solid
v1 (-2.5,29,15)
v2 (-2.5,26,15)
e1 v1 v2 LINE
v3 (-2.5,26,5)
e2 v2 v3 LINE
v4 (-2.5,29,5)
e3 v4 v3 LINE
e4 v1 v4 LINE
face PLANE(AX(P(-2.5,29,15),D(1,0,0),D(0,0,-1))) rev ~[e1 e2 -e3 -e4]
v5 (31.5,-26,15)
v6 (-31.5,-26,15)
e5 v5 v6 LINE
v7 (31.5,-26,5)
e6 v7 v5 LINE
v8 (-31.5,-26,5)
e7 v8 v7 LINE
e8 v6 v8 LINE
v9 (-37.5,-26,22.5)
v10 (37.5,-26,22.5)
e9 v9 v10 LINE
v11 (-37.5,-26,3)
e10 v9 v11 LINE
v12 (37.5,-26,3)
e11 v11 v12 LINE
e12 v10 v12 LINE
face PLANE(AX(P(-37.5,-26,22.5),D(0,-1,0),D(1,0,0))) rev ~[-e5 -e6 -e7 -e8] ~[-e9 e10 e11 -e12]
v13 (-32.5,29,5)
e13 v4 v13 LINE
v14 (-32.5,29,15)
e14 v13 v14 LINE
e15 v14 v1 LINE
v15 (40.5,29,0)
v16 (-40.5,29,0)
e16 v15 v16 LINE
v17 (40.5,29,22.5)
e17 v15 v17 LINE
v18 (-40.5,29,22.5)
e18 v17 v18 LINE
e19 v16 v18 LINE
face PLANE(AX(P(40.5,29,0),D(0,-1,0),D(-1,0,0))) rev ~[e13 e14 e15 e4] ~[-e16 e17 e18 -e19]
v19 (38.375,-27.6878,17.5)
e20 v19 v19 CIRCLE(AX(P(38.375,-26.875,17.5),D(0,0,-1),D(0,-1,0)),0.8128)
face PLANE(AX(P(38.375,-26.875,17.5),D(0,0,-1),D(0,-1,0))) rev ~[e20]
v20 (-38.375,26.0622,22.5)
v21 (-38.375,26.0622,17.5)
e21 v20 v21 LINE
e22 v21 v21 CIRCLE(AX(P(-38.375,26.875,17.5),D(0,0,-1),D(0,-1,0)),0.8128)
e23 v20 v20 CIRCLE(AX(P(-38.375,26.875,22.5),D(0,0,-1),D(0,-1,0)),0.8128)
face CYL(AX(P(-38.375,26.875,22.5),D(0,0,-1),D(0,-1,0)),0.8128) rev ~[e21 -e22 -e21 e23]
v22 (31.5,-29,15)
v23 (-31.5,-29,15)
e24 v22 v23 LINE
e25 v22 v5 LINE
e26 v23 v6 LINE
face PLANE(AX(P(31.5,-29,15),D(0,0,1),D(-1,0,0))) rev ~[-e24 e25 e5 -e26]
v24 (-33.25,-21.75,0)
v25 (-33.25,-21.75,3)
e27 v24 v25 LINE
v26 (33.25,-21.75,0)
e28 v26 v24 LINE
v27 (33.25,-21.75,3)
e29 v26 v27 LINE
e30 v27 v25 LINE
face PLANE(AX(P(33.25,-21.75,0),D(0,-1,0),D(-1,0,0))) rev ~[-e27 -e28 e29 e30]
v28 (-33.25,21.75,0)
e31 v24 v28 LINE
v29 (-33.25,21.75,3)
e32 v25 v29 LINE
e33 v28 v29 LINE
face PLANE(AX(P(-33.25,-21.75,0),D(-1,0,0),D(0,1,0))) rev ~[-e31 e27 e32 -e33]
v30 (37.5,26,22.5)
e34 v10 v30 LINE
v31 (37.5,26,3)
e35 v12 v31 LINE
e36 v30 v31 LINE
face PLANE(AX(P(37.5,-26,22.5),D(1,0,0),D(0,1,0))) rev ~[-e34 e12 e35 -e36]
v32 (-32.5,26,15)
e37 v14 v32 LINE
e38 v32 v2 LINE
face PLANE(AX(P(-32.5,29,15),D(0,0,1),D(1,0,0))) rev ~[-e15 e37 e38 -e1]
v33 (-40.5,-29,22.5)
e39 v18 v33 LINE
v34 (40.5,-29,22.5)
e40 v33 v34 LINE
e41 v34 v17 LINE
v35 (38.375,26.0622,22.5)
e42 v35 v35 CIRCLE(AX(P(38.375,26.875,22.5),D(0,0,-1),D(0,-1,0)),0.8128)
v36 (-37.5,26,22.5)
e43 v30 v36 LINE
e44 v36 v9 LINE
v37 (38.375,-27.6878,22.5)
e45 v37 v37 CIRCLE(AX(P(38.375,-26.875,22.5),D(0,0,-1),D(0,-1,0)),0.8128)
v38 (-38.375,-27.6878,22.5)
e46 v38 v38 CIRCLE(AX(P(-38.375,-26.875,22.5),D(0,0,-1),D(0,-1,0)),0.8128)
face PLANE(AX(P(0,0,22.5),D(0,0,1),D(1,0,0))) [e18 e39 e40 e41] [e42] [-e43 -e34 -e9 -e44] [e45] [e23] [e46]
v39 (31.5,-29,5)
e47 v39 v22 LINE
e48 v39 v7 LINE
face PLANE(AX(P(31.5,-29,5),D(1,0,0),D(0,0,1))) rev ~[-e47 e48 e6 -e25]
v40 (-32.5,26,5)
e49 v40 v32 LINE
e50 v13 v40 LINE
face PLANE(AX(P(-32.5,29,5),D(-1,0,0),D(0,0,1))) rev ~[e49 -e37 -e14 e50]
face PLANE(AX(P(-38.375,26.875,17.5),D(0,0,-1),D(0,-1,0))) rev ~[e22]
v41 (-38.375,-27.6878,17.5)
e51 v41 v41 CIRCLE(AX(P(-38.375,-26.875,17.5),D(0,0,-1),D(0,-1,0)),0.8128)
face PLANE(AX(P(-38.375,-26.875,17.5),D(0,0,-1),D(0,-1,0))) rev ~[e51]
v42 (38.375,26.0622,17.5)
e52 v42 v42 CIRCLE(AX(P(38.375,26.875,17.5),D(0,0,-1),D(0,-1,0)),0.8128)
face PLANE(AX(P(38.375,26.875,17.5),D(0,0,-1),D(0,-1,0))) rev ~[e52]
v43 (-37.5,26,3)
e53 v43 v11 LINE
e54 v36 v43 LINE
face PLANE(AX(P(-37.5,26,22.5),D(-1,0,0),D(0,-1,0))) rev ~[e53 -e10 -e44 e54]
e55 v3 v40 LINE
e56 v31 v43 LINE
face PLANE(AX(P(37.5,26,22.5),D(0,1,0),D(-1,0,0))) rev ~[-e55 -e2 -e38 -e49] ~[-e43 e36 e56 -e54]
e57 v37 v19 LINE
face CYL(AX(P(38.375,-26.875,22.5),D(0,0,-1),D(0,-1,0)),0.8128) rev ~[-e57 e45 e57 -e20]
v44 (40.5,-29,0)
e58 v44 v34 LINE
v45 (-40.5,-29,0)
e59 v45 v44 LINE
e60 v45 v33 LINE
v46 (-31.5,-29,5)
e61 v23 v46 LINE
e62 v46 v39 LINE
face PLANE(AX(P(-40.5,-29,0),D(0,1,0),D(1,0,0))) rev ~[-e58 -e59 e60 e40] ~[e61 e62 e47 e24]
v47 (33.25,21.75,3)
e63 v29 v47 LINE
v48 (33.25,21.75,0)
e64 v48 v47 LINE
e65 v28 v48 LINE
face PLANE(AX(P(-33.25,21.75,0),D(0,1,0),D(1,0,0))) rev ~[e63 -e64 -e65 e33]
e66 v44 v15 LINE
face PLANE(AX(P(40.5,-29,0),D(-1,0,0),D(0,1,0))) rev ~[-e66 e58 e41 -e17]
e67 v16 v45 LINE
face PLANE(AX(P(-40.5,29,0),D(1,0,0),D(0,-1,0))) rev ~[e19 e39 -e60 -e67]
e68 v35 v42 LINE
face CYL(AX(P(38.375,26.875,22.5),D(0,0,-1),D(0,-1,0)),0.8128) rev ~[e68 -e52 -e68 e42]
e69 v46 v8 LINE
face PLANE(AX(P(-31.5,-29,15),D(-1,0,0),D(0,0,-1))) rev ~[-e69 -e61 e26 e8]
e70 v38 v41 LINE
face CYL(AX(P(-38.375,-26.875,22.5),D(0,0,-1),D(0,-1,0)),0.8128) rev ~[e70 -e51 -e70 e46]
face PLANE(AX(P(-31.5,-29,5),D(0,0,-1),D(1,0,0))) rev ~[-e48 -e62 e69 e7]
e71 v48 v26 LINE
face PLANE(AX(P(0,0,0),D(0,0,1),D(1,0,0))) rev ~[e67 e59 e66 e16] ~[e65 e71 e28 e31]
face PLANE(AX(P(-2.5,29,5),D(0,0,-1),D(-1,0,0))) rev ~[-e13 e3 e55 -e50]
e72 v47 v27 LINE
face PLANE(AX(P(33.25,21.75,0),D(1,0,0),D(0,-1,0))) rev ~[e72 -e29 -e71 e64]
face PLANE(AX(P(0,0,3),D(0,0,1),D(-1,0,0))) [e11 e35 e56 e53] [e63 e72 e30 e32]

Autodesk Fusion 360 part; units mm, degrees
sketch "Sketch1" plane through (0, 0, 0) normal (0, 0, 1) x (1, 0, 0)
  line L0 (40.5, 29) -> (-40.5, 29)
  line L1 (-40.5, 29) -> (-40.5, -29)
  line L2 (-40.5, -29) -> (40.5, -29)
  line L3 (40.5, -29) -> (40.5, 29)
  line L4 (40.5, 29) -> (-40.5, -29) construction
  line L5 (-40.5, 29) -> (40.5, -29) construction
  dimension "d1" = 81
  dimension "d2" = 58
extrude "Extrude1" add sketch "Sketch1" along normal blind 22.5
sketch "Sketch2" plane through (0, 0, 22.5) normal (0, 0, 1) x (-1, 0, 0)
  line L0 (-40.5, 29) -> (-40.5, -29)
  line L1 (-40.5, -29) -> (40.5, -29)
  line L2 (40.5, -29) -> (40.5, 29)
  line L3 (40.5, 29) -> (-40.5, 29)
  line L4 (-37.5, -26) -> (37.5, -26)
  line L5 (37.5, -26) -> (37.5, 26)
  line L6 (37.5, 26) -> (-37.5, 26)
  line L7 (-37.5, 26) -> (-37.5, -26)
  line L8 (-37.5, -26) -> (37.5, 26) construction
  line L9 (37.5, -26) -> (-37.5, 26) construction
  dimension "d5" = 75
  dimension "d6" = 52
extrude "Extrude2" cut sketch "Sketch2" against normal blind 19.5 contours L4 L5 L6 L7
sketch "Sketch3" plane through (0, 0, 0) normal (0, 0, -1) x (1, 0, 0)
  line L0 (40.5, -29) -> (40.5, 29)
  line L1 (40.5, 29) -> (-40.5, 29)
  line L2 (-40.5, 29) -> (-40.5, -29)
  line L3 (-40.5, -29) -> (40.5, -29)
  line L4 (33.25, 21.75) -> (-33.25, 21.75)
  line L5 (-33.25, 21.75) -> (-33.25, -21.75)
  line L6 (-33.25, -21.75) -> (33.25, -21.75)
  line L7 (33.25, -21.75) -> (33.25, 21.75)
  line L8 (33.25, 21.75) -> (-33.25, -21.75) construction
  line L9 (-33.25, 21.75) -> (33.25, -21.75) construction
  dimension "d9" = 66.5
  dimension "d10" = 43.5
sketch "Sketch4" plane through (0, 0, 0) normal (0, 0, -1) x (1, 0, 0)
extrude "Extrude3" cut sketch "Sketch3" against normal blind 3 contours L4 L5 L6 L7
sketch "Sketch5" plane through (0, 0, 3) normal (0, 0, 1) x (-1, 0, 0)
  line L0 (-33.25, 21.75) -> (33.25, 21.75)
  line L1 (33.25, 21.75) -> (33.25, -21.75)
  line L2 (33.25, -21.75) -> (-33.25, -21.75)
  line L3 (-33.25, -21.75) -> (-33.25, 21.75)
  line L4 (-37.5, 26) -> (-37.5, -26)
  line L5 (-37.5, -26) -> (37.5, -26)
  line L6 (37.5, -26) -> (37.5, 26)
  line L7 (37.5, 26) -> (-37.5, 26)
  circle A0 centre (35.875, -24.375) radius 1.5
  dimension "d13" = 3
  dimension "d14" = 1.625
  dimension "d15" = 1.625
sketch "Sketch6" plane through (0, 0, 3) normal (0, 0, 1) x (-1, 0, 0)
  circle A0 centre (-35.875, -24.375) radius 1.5
  line L0 (-37.5, -26) -> (37.5, -26)
  line L1 (-37.5, 26) -> (-37.5, -26)
  circle A1 centre (-35.875, 24.375) radius 1.5
  line L2 (37.5, 26) -> (-37.5, 26)
  circle A2 centre (35.875, 24.375) radius 1.5
  line L3 (37.5, -26) -> (37.5, 26)
  dimension "d16" = 3
  dimension "d17" = 1.625
  dimension "d18" = 1.625
  dimension "d19" = 3
  dimension "d20" = 1.625
  dimension "d21" = 1.625
  dimension "d25" = 3
  dimension "d26" = 1.625
  dimension "d27" = 1.625
sketch "Sketch8" plane through (0, -29, 0) normal (0, -1, 0) x (1, 0, 0)
  line L0 (-40.5, 0) -> (40.5, 0)
  line L1 (40.5, 0) -> (40.5, 22.5)
  line L2 (40.5, 22.5) -> (-40.5, 22.5)
  line L3 (-40.5, 22.5) -> (-40.5, 0)
  line L4 (31.5, 15) -> (-31.5, 15)
  line L5 (-31.5, 15) -> (-31.5, 5)
  line L6 (-31.5, 5) -> (31.5, 5)
  line L7 (31.5, 5) -> (31.5, 15)
  line L8 (31.5, 15) -> (-31.5, 5) construction
  line L9 (-31.5, 15) -> (31.5, 5) construction
  point P0 (0, 10)
  dimension "d30" = 63
  dimension "d31" = 10
  dimension "d33" = 15
extrude "Extrude5" cut sketch "Sketch8" against normal blind 3 contours L4 L5 L6 L7
sketch "Sketch9" plane through (0, 29, 0) normal (0, 1, 0) x (-1, 0, 0)
  line L0 (-40.5, 0) -> (40.5, 0)
  line L1 (40.5, 0) -> (40.5, 22.5)
  line L2 (40.5, 22.5) -> (-40.5, 22.5)
  line L3 (-40.5, 22.5) -> (-40.5, 0)
  line L4 (32.5, 15) -> (2.5, 15)
  line L5 (2.5, 15) -> (2.5, 5)
  line L6 (2.5, 5) -> (32.5, 5)
  line L7 (32.5, 5) -> (32.5, 15)
  line L8 (32.5, 15) -> (2.5, 5) construction
  line L9 (2.5, 15) -> (32.5, 5) construction
  point P0 (17.5, 10)
  dimension "d36" = 30
  dimension "d37" = 10
  dimension "d38" = 8
  dimension "d39" = 15
extrude "Extrude6" cut sketch "Sketch9" against normal blind 3 contours L4 L5 L6 L7
sketch "Sketch11" plane through (0, 0, 22.5) normal (0, 0, 1) x (-1, 0, 0)
  line L0 (37.5, -26) -> (-37.5, -26)
  line L1 (-37.5, -26) -> (-37.5, 26)
  line L2 (-37.5, 26) -> (37.5, 26)
  line L3 (37.5, 26) -> (37.5, -26)
  line L4 (-40.5, 29) -> (-40.5, -29)
  line L5 (-40.5, -29) -> (40.5, -29)
  line L6 (40.5, -29) -> (40.5, 29)
  line L7 (40.5, 29) -> (-40.5, 29)
  circle A0 centre (38.375, -26.875) radius 1
  circle A1 centre (38.375, 26.875) radius 1
  circle A2 centre (-38.375, 26.875) radius 1
  circle A3 centre (-38.375, -26.875) radius 1
  dimension "d56" = 2
  dimension "d57" = 2
  dimension "d58" = 2
  dimension "d59" = 2
  dimension "d60" = 2.125
  dimension "d61" = 2.125
  dimension "d62" = 2.125
  dimension "d63" = 2.125
  dimension "d64" = 2.125
  dimension "d65" = 2.125
  dimension "d66" = 2.125
  dimension "d67" = 2.125
hole "Hole1" at (-38.375, 26.875, 22.5) at (38.375, 26.875, 22.5) at (38.375, -26.875, 22.5) at (-38.375, -26.875, 22.5) direction (0, 0, -1) diameter 1.6256 depth 5 tip angle 180
sketch "Sketch12" plane through (0, 0, 0) normal (0, 0, 1) x (1, 0, 0)
sketch "Sketch13" plane through (0, 0, 3) normal (0, 0, 1) x (-1, 0, 0)
  line L0 (-33.25, 21.75) -> (33.25, 21.75)
  line L1 (33.25, 21.75) -> (33.25, -21.75)
  line L2 (33.25, -21.75) -> (-33.25, -21.75)
  line L3 (-33.25, -21.75) -> (-33.25, 21.75)
  line L4 (-37.5, 26) -> (-37.5, -26)
  line L5 (-37.5, -26) -> (37.5, -26)
  line L6 (37.5, -26) -> (37.5, 26)
  line L7 (37.5, 26) -> (-37.5, 26)
  circle A0 centre (33, 21.5) radius 1.25
  dimension "d73" = 2.5
  dimension "d74" = 4.5
  dimension "d75" = 4.5
sketch "Sketch14" plane through (0, 0, 3) normal (0, 0, 1) x (-1, 0, 0)
